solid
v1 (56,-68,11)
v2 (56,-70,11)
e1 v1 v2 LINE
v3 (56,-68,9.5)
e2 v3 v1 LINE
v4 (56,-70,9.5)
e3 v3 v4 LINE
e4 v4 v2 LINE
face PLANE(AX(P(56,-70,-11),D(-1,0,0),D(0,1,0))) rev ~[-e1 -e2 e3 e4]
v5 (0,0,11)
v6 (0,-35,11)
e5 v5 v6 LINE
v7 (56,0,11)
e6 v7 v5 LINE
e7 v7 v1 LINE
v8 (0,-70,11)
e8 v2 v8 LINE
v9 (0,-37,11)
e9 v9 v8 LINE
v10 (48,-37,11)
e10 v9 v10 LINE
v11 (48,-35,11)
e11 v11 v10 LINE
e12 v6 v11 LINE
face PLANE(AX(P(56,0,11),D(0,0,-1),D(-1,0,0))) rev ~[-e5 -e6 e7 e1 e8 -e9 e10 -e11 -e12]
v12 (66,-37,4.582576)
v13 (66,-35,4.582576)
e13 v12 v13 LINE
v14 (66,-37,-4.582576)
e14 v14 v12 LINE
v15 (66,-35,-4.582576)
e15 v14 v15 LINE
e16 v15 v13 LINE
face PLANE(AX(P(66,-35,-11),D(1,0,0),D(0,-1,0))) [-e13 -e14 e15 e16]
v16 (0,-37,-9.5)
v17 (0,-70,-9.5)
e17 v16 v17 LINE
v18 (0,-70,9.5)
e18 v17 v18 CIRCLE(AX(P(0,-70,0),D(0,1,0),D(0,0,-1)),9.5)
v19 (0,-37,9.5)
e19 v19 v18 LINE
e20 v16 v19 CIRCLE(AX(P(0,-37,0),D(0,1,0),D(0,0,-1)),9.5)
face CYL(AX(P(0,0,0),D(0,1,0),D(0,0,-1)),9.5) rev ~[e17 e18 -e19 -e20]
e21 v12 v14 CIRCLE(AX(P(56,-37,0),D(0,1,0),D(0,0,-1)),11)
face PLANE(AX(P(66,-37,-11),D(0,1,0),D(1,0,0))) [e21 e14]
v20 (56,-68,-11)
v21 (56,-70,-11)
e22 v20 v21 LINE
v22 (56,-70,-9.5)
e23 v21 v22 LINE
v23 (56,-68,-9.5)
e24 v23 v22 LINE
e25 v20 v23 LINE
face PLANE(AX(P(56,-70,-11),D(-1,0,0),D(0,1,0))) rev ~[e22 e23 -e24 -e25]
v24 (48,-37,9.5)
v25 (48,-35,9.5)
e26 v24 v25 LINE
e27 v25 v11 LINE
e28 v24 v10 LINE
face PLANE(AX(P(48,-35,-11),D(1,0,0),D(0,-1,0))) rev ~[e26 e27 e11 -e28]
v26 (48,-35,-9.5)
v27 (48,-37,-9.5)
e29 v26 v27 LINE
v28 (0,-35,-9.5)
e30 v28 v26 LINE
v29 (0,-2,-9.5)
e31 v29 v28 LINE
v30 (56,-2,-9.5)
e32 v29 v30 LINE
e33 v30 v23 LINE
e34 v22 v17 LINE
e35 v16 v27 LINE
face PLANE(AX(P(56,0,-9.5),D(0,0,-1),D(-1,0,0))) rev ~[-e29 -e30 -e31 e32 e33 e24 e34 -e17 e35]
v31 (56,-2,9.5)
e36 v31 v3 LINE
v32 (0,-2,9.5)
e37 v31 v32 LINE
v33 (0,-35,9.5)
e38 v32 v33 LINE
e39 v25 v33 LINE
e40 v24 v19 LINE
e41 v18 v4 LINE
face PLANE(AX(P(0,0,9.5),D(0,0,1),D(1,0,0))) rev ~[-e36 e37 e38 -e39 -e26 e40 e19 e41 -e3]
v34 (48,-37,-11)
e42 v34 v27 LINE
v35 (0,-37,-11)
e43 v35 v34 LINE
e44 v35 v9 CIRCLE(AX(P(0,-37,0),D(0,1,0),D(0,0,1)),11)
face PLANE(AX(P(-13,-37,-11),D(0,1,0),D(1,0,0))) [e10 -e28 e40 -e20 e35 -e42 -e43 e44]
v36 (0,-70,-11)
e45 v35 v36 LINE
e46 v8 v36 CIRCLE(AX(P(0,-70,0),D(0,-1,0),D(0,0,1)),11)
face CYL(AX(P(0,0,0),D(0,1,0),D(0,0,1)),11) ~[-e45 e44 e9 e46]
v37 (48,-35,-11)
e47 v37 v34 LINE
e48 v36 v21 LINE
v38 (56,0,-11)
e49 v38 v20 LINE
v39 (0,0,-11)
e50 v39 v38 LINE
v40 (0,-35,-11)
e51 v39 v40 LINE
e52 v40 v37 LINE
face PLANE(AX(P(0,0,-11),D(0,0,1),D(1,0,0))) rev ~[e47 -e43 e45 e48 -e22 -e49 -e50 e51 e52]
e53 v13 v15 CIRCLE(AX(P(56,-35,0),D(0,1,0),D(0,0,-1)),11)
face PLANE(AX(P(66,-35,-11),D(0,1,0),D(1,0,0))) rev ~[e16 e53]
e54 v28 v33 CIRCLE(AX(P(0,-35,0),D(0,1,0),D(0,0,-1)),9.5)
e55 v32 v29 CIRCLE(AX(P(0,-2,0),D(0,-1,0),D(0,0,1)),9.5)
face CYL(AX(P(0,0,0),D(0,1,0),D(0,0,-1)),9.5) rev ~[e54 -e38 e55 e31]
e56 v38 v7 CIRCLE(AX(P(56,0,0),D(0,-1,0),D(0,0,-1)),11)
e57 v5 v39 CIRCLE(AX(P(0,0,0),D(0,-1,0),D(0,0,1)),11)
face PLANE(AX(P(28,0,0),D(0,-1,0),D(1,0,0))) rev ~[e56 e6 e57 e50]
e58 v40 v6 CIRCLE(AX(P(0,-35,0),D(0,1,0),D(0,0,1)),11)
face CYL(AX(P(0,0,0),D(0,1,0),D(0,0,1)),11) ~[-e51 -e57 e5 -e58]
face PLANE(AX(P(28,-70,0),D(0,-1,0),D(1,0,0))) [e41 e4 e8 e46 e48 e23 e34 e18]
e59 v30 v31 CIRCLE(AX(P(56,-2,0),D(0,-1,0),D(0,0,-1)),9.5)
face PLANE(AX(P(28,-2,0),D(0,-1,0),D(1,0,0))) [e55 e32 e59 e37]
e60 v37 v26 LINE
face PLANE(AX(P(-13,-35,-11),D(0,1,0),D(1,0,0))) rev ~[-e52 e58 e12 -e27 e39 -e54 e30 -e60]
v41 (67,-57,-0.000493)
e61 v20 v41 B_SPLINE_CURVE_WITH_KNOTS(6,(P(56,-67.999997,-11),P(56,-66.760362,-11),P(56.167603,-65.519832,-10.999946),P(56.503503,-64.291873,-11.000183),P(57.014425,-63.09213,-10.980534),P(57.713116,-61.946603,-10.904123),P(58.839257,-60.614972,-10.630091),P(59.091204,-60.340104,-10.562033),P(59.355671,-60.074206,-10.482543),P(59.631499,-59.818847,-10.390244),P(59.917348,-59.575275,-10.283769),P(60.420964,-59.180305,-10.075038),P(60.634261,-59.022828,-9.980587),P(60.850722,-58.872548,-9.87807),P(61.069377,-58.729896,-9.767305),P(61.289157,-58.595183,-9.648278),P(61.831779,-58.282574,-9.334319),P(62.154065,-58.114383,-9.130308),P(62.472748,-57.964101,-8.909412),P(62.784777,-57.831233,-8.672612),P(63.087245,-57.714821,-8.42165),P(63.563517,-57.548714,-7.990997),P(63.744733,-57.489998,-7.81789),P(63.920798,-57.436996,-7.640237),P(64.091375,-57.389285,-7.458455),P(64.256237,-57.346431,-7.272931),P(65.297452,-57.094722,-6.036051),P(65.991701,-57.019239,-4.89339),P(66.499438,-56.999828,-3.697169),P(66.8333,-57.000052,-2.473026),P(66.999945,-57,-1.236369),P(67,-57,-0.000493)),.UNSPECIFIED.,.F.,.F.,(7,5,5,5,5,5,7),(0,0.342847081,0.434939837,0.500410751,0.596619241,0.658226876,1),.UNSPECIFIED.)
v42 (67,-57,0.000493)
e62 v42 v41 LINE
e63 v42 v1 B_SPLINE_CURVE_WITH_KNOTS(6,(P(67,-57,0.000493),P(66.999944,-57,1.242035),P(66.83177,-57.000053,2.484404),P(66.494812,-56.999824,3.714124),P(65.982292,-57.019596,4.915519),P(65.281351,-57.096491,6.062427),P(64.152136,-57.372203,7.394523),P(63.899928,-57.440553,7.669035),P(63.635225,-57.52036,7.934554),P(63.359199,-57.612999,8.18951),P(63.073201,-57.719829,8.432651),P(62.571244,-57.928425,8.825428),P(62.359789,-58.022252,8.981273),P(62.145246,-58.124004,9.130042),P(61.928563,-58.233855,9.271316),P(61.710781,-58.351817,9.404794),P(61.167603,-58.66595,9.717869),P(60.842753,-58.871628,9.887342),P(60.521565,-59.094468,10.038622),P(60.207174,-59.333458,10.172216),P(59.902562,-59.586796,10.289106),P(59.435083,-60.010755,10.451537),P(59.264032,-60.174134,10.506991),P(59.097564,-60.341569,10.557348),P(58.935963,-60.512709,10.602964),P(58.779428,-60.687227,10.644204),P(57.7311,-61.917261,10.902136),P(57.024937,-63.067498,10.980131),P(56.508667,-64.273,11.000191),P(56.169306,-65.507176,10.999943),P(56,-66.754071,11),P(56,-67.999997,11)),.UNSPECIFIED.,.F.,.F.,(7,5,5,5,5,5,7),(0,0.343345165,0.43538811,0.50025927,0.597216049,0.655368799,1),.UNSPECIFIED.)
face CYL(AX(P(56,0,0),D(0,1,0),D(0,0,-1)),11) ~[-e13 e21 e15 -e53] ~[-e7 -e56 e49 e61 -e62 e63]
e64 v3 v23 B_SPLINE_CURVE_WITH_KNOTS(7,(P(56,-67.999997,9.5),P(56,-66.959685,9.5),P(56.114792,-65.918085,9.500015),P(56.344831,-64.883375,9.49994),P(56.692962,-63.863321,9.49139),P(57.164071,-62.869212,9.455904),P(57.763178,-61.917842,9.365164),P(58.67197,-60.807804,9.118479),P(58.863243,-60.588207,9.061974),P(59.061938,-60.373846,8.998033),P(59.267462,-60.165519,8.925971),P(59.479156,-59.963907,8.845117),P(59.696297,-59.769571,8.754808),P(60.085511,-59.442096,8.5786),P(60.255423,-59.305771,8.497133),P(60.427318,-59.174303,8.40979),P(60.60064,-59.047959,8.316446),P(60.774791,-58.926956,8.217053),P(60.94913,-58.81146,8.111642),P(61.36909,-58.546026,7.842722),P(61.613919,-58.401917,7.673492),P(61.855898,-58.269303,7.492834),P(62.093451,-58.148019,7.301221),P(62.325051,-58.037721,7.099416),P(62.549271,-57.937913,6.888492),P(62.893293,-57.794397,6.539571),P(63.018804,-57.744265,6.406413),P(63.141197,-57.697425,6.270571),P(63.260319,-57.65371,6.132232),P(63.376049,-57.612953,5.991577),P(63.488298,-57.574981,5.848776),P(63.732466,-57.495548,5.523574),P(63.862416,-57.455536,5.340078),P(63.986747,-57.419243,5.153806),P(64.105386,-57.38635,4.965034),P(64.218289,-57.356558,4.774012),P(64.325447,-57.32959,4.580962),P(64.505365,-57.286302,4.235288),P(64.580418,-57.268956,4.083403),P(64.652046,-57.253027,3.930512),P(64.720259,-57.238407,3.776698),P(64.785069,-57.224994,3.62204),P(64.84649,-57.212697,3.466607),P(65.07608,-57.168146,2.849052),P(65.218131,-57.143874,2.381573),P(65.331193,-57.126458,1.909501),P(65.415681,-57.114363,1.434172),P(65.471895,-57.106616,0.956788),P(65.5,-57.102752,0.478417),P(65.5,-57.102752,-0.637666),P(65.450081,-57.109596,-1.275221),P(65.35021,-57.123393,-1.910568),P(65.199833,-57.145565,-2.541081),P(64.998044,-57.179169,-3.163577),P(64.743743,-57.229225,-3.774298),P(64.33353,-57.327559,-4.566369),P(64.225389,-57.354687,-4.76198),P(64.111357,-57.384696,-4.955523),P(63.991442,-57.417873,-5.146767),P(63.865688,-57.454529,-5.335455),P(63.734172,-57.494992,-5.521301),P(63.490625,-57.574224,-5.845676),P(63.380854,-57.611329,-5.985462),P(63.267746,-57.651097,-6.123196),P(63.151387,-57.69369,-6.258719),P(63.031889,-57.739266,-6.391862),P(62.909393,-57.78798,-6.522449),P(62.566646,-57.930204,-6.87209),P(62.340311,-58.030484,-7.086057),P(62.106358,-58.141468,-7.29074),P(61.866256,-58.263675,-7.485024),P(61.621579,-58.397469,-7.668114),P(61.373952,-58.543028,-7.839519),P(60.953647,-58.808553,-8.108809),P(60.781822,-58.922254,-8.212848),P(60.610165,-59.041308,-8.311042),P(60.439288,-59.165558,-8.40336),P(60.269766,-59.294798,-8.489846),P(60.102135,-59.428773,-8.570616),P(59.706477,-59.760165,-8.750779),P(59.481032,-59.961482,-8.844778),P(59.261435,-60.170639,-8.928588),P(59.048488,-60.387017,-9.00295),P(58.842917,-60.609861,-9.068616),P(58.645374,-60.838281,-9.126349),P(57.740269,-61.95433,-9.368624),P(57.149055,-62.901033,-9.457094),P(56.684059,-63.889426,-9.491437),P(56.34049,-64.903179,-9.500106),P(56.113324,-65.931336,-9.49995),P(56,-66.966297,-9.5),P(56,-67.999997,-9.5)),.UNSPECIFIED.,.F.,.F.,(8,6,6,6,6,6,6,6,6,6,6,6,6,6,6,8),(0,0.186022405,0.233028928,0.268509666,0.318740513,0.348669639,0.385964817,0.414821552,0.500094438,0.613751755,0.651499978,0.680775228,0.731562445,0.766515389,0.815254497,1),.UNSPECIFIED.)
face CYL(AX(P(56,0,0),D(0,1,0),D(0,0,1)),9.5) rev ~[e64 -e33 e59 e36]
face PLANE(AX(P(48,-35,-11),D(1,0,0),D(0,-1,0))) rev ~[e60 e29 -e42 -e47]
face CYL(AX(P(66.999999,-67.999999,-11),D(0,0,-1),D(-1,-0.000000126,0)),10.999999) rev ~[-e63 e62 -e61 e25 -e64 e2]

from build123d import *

# Parameters (mm, degrees)
F1_DEPTH = 70
F2_DEPTH = 2
F4_DEPTH = 25
F5_W     = 61
F5_H     = 2
F5_W_2   = 2
F6_DEPTH = 25


with BuildPart() as f1:
    # F0 (on Front) → F1 (new body)
    with BuildSketch(Plane.XZ):
        with BuildLine():
            Line((56, 11), (0, 11))
            ThreePointArc((0, 11), (-11, 0), (0, -11))
            Line((0, -11), (56, -11))
            ThreePointArc((56, -11), (67, 0), (56, 11))
        make_face()
        with BuildLine():
            ThreePointArc((0, -9.5), (-9.5, 0), (0, 9.5))
            Line((0, 9.5), (56, 9.5))
            ThreePointArc((56, 9.5), (65.5, 0), (56, -9.5))
            Line((56, -9.5), (0, -9.5))
        make_face(mode=Mode.SUBTRACT)
    extrude(amount=F1_DEPTH)

    # F0 (on Front) → F2 (join)
    with BuildSketch(Plane.XZ):
        with BuildLine():
            Line((56, 9.5), (0, 9.5))
            ThreePointArc((0, 9.5), (-9.5, 0), (0, -9.5))
            Line((0, -9.5), (56, -9.5))
            ThreePointArc((56, -9.5), (65.5, 0), (56, 9.5))
        make_face()
    extrude(amount=F2_DEPTH)

    # F3 (on face) → F4 (cut)
    with BuildSketch(Plane(origin=(0, 0, -11), x_dir=(1, 0, 0), z_dir=(0, 0, -1))):
        with BuildLine():
            Line((67, 70), (56, 70))
            Line((56, 70), (56, 68))
            ThreePointArc((56, 68), (59.221825, 60.221825), (67, 57))
            Line((67, 57), (67, 70))
        make_face()
    extrude(amount=-F4_DEPTH, mode=Mode.SUBTRACT)

    # F5 (on face) → F6 (cut)
    with BuildSketch(Plane(origin=(0, 0, -11), x_dir=(1, 0, 0), z_dir=(0, 0, -1))):
        with Locations((17.5, 36)):
            Rectangle(F5_W, F5_H)
        with Locations((67, 36)):
            Rectangle(F5_W_2, F5_H)
    extrude(amount=-F6_DEPTH, mode=Mode.SUBTRACT)


solid = f1.part
